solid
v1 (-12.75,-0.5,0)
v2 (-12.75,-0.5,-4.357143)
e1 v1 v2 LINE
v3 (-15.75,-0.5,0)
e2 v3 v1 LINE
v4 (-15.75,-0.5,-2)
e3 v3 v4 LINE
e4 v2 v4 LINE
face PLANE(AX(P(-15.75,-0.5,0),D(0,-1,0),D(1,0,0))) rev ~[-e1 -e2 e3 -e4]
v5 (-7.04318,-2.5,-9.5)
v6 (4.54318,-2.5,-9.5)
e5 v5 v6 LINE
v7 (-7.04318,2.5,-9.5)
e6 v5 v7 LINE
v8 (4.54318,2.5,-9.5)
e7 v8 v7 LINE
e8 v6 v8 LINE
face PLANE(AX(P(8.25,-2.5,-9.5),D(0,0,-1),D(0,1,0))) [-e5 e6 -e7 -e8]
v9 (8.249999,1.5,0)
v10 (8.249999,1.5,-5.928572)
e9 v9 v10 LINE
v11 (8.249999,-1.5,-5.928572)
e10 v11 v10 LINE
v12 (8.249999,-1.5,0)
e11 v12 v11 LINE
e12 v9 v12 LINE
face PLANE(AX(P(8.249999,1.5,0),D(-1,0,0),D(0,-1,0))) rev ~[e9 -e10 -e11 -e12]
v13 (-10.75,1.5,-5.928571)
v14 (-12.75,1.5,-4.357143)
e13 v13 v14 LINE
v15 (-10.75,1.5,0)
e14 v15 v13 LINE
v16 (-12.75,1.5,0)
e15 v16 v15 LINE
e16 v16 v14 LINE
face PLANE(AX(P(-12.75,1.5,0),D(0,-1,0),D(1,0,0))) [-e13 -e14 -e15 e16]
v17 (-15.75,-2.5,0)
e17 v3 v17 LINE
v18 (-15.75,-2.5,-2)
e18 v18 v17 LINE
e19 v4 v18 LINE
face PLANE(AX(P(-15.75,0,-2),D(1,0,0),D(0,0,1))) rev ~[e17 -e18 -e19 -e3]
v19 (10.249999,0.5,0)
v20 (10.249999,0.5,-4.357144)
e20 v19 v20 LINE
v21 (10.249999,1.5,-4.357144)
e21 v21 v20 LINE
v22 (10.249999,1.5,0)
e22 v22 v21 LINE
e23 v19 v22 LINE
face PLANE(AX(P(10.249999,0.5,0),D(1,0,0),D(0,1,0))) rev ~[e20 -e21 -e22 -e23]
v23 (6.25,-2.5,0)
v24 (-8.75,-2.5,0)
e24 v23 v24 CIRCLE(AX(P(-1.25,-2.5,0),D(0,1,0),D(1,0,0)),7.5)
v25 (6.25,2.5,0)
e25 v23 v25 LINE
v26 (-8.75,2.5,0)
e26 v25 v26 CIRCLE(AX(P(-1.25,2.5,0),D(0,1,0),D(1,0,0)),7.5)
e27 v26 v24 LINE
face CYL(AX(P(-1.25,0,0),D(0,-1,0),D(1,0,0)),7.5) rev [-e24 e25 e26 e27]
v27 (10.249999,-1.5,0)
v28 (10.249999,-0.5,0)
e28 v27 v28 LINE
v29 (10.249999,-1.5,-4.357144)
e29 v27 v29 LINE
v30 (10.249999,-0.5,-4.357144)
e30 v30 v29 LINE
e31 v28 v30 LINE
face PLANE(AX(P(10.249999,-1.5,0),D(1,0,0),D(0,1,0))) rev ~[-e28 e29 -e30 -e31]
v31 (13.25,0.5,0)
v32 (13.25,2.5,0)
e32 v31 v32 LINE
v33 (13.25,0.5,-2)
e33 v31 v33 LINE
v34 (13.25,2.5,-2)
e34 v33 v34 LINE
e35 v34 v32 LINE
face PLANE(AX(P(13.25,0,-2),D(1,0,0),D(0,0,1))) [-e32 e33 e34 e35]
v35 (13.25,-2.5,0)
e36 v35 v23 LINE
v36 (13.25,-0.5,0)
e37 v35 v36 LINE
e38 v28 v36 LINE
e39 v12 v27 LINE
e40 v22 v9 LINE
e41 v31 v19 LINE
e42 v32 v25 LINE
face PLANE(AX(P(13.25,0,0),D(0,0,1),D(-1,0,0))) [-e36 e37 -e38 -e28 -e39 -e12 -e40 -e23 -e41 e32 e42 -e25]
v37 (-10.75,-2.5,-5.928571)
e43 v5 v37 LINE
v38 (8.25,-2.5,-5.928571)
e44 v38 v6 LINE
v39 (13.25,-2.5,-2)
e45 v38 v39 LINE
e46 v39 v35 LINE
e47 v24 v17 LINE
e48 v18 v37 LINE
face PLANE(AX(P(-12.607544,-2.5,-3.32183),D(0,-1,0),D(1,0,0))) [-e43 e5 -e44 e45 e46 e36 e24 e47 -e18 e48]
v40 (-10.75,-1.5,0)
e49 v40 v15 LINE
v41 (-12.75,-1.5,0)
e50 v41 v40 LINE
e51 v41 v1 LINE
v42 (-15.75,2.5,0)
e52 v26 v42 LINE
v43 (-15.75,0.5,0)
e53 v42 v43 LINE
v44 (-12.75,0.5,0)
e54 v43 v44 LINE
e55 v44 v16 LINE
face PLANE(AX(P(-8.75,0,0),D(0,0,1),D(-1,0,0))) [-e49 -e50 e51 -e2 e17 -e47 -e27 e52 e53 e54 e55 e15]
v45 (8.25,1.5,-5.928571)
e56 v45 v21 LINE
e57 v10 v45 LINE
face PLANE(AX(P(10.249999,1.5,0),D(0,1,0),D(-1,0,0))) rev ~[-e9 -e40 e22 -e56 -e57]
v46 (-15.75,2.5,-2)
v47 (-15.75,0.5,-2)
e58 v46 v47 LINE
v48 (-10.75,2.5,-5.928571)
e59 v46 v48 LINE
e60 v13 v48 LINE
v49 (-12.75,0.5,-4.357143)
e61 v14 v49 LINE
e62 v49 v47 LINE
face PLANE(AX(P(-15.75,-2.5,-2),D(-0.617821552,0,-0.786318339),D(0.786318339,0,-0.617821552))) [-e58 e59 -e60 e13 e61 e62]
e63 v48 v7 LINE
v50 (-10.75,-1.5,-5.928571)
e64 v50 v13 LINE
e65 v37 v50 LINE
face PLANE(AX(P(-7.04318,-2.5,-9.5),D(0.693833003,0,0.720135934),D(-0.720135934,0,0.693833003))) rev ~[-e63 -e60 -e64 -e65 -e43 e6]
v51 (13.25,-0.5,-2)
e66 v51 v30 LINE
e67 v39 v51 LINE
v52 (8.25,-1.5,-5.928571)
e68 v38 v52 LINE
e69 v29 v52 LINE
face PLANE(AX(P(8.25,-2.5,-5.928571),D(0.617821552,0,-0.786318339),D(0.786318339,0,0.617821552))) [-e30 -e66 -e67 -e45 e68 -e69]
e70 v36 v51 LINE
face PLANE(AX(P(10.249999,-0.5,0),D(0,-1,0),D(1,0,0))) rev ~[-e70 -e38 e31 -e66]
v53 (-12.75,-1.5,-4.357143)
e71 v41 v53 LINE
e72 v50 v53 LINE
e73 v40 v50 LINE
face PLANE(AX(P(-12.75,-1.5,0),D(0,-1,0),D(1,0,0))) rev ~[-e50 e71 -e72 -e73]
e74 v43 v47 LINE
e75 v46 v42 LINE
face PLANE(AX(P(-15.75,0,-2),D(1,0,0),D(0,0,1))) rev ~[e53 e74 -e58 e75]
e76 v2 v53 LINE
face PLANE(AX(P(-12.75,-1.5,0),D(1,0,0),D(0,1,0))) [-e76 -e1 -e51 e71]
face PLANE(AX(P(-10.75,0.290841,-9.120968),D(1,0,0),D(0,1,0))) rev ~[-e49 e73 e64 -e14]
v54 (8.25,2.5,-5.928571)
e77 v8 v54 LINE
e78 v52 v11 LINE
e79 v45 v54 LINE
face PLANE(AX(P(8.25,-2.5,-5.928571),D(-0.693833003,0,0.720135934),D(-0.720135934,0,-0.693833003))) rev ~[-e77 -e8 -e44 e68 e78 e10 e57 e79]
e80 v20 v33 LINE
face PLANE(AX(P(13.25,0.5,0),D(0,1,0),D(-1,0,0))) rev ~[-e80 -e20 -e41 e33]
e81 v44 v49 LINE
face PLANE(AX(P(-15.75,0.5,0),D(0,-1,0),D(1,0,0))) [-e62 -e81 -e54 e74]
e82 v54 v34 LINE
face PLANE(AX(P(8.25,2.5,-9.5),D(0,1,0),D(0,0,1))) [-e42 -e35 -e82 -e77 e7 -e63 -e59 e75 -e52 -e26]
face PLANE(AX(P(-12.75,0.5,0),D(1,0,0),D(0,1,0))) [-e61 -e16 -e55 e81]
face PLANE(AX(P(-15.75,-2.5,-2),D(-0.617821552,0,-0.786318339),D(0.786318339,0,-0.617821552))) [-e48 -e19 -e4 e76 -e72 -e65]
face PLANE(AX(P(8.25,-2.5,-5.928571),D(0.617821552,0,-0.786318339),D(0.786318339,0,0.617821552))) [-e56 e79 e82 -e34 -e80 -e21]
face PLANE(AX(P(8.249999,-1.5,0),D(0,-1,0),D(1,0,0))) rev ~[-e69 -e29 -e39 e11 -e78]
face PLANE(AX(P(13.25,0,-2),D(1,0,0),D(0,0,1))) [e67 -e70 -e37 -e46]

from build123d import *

# Parameters (mm, degrees)
F0_W      = 5
F0_H      = 2
F1_DEPTH  = 2.5
F5_DEPTH  = 5
F6_W      = 3
F6_H      = 1
F6_W_2    = 2
F7_DEPTH  = 25
F8_DEPTH  = 25
F9_DEPTH  = 19
F11_DEPTH = 25


with BuildPart() as f1:
    # F0 (on Front) → F1 (new body, symmetric)
    with BuildSketch(Plane.XZ):
        with BuildLine():
            ThreePointArc((6.25, 0), (-1.25, -7.5), (-8.75, 0))
            Line((-8.75, 0), (-10.75, 0))
            ThreePointArc((-10.75, 0), (-7.9675144213, -6.7175144213), (-1.25, -9.5))
            ThreePointArc((-1.25, -9.5), (5.4675144213, -6.7175144213), (8.25, 0))
            Line((8.25, 0), (6.25, 0))
        make_face()
        with BuildLine():
            ThreePointArc((-1.25, -9.5), (-7.9675144213, -6.7175144213), (-10.75, 0))
            Line((-10.75, 0), (-10.75, -2))
            Line((-10.75, -2), (-10.75, -9.5))
            Line((-10.75, -9.5), (-1.25, -9.5))
        make_face()
        with Locations((-13.25, -1)):
            Rectangle(F0_W, F0_H)
        with BuildLine():
            Line((8.25, -2), (8.25, 0))
            ThreePointArc((8.25, 0), (5.4675144213, -6.7175144213), (-1.25, -9.5))
            Line((-1.25, -9.5), (8.25, -9.5))
            Line((8.25, -9.5), (8.25, -2))
        make_face()
        with Locations((10.75, -1)):
            Rectangle(F0_W, F0_H)
    extrude(amount=F1_DEPTH, both=True)

    # F4 (on face) → F5 (join, through all)
    with BuildSketch(Plane.XZ.offset(2.5)):
        Polygon((-10.75, -2), (-15.75, -2), (-10.75, -5.9285714286), align=None)
        Polygon((8.25, -5.9285714286), (13.25, -2), (8.25, -2), align=None)
    extrude(amount=-F5_DEPTH)

    # F6 (on face) → F7 (cut)
    with BuildSketch(Plane.XY):
        with Locations((-14.25, 0)):
            Rectangle(F6_W, F6_H)
        with Locations((-11.75, 1)):
            Rectangle(F6_W_2, F6_H)
        with Locations((-11.75, 0)):
            Rectangle(F6_W_2, F6_H)
        with Locations((-11.75, -1)):
            Rectangle(F6_W_2, F6_H)
        Polygon((13.25, -0.500000013), (13.25, 0.499999987), (10.2499989308, 0.499999987), (10.2499989308, 1.499999987), (8.2499989308, 1.499999987), (8.2499989308, -1.500000013), (10.2499989308, -1.500000013), (10.2499989308, -0.500000013), align=None)
    extrude(amount=-F7_DEPTH, mode=Mode.SUBTRACT)

    # F3 (on face) → F8 (cut)
    with BuildSketch(Plane.YZ.offset(8.25)):
        Polygon((2.5, -9.5), (2.5, -8.1602540378), (-2.5, -9.5), align=None)
    extrude(amount=-F8_DEPTH, mode=Mode.SUBTRACT)

    # F3 (on face) → F9 (join, through all)
    with BuildSketch(Plane.YZ.offset(8.25)):
        Polygon((2.5, -9.5), (2.5, -8.1602540378), (-2.5, -9.5), align=None)
    extrude(amount=-F9_DEPTH)

    # F10 (on face) → F11 (cut)
    with BuildSketch(Plane.XZ.offset(2.5)):
        Polygon((-10.75, -9.5), (-7.04318, -9.5), (-10.75, -5.9285714286), align=None)
        Polygon((8.25, -5.9285714286), (4.54318, -9.5), (8.25, -9.5), align=None)
    extrude(amount=-F11_DEPTH, mode=Mode.SUBTRACT)


solid = f1.part
